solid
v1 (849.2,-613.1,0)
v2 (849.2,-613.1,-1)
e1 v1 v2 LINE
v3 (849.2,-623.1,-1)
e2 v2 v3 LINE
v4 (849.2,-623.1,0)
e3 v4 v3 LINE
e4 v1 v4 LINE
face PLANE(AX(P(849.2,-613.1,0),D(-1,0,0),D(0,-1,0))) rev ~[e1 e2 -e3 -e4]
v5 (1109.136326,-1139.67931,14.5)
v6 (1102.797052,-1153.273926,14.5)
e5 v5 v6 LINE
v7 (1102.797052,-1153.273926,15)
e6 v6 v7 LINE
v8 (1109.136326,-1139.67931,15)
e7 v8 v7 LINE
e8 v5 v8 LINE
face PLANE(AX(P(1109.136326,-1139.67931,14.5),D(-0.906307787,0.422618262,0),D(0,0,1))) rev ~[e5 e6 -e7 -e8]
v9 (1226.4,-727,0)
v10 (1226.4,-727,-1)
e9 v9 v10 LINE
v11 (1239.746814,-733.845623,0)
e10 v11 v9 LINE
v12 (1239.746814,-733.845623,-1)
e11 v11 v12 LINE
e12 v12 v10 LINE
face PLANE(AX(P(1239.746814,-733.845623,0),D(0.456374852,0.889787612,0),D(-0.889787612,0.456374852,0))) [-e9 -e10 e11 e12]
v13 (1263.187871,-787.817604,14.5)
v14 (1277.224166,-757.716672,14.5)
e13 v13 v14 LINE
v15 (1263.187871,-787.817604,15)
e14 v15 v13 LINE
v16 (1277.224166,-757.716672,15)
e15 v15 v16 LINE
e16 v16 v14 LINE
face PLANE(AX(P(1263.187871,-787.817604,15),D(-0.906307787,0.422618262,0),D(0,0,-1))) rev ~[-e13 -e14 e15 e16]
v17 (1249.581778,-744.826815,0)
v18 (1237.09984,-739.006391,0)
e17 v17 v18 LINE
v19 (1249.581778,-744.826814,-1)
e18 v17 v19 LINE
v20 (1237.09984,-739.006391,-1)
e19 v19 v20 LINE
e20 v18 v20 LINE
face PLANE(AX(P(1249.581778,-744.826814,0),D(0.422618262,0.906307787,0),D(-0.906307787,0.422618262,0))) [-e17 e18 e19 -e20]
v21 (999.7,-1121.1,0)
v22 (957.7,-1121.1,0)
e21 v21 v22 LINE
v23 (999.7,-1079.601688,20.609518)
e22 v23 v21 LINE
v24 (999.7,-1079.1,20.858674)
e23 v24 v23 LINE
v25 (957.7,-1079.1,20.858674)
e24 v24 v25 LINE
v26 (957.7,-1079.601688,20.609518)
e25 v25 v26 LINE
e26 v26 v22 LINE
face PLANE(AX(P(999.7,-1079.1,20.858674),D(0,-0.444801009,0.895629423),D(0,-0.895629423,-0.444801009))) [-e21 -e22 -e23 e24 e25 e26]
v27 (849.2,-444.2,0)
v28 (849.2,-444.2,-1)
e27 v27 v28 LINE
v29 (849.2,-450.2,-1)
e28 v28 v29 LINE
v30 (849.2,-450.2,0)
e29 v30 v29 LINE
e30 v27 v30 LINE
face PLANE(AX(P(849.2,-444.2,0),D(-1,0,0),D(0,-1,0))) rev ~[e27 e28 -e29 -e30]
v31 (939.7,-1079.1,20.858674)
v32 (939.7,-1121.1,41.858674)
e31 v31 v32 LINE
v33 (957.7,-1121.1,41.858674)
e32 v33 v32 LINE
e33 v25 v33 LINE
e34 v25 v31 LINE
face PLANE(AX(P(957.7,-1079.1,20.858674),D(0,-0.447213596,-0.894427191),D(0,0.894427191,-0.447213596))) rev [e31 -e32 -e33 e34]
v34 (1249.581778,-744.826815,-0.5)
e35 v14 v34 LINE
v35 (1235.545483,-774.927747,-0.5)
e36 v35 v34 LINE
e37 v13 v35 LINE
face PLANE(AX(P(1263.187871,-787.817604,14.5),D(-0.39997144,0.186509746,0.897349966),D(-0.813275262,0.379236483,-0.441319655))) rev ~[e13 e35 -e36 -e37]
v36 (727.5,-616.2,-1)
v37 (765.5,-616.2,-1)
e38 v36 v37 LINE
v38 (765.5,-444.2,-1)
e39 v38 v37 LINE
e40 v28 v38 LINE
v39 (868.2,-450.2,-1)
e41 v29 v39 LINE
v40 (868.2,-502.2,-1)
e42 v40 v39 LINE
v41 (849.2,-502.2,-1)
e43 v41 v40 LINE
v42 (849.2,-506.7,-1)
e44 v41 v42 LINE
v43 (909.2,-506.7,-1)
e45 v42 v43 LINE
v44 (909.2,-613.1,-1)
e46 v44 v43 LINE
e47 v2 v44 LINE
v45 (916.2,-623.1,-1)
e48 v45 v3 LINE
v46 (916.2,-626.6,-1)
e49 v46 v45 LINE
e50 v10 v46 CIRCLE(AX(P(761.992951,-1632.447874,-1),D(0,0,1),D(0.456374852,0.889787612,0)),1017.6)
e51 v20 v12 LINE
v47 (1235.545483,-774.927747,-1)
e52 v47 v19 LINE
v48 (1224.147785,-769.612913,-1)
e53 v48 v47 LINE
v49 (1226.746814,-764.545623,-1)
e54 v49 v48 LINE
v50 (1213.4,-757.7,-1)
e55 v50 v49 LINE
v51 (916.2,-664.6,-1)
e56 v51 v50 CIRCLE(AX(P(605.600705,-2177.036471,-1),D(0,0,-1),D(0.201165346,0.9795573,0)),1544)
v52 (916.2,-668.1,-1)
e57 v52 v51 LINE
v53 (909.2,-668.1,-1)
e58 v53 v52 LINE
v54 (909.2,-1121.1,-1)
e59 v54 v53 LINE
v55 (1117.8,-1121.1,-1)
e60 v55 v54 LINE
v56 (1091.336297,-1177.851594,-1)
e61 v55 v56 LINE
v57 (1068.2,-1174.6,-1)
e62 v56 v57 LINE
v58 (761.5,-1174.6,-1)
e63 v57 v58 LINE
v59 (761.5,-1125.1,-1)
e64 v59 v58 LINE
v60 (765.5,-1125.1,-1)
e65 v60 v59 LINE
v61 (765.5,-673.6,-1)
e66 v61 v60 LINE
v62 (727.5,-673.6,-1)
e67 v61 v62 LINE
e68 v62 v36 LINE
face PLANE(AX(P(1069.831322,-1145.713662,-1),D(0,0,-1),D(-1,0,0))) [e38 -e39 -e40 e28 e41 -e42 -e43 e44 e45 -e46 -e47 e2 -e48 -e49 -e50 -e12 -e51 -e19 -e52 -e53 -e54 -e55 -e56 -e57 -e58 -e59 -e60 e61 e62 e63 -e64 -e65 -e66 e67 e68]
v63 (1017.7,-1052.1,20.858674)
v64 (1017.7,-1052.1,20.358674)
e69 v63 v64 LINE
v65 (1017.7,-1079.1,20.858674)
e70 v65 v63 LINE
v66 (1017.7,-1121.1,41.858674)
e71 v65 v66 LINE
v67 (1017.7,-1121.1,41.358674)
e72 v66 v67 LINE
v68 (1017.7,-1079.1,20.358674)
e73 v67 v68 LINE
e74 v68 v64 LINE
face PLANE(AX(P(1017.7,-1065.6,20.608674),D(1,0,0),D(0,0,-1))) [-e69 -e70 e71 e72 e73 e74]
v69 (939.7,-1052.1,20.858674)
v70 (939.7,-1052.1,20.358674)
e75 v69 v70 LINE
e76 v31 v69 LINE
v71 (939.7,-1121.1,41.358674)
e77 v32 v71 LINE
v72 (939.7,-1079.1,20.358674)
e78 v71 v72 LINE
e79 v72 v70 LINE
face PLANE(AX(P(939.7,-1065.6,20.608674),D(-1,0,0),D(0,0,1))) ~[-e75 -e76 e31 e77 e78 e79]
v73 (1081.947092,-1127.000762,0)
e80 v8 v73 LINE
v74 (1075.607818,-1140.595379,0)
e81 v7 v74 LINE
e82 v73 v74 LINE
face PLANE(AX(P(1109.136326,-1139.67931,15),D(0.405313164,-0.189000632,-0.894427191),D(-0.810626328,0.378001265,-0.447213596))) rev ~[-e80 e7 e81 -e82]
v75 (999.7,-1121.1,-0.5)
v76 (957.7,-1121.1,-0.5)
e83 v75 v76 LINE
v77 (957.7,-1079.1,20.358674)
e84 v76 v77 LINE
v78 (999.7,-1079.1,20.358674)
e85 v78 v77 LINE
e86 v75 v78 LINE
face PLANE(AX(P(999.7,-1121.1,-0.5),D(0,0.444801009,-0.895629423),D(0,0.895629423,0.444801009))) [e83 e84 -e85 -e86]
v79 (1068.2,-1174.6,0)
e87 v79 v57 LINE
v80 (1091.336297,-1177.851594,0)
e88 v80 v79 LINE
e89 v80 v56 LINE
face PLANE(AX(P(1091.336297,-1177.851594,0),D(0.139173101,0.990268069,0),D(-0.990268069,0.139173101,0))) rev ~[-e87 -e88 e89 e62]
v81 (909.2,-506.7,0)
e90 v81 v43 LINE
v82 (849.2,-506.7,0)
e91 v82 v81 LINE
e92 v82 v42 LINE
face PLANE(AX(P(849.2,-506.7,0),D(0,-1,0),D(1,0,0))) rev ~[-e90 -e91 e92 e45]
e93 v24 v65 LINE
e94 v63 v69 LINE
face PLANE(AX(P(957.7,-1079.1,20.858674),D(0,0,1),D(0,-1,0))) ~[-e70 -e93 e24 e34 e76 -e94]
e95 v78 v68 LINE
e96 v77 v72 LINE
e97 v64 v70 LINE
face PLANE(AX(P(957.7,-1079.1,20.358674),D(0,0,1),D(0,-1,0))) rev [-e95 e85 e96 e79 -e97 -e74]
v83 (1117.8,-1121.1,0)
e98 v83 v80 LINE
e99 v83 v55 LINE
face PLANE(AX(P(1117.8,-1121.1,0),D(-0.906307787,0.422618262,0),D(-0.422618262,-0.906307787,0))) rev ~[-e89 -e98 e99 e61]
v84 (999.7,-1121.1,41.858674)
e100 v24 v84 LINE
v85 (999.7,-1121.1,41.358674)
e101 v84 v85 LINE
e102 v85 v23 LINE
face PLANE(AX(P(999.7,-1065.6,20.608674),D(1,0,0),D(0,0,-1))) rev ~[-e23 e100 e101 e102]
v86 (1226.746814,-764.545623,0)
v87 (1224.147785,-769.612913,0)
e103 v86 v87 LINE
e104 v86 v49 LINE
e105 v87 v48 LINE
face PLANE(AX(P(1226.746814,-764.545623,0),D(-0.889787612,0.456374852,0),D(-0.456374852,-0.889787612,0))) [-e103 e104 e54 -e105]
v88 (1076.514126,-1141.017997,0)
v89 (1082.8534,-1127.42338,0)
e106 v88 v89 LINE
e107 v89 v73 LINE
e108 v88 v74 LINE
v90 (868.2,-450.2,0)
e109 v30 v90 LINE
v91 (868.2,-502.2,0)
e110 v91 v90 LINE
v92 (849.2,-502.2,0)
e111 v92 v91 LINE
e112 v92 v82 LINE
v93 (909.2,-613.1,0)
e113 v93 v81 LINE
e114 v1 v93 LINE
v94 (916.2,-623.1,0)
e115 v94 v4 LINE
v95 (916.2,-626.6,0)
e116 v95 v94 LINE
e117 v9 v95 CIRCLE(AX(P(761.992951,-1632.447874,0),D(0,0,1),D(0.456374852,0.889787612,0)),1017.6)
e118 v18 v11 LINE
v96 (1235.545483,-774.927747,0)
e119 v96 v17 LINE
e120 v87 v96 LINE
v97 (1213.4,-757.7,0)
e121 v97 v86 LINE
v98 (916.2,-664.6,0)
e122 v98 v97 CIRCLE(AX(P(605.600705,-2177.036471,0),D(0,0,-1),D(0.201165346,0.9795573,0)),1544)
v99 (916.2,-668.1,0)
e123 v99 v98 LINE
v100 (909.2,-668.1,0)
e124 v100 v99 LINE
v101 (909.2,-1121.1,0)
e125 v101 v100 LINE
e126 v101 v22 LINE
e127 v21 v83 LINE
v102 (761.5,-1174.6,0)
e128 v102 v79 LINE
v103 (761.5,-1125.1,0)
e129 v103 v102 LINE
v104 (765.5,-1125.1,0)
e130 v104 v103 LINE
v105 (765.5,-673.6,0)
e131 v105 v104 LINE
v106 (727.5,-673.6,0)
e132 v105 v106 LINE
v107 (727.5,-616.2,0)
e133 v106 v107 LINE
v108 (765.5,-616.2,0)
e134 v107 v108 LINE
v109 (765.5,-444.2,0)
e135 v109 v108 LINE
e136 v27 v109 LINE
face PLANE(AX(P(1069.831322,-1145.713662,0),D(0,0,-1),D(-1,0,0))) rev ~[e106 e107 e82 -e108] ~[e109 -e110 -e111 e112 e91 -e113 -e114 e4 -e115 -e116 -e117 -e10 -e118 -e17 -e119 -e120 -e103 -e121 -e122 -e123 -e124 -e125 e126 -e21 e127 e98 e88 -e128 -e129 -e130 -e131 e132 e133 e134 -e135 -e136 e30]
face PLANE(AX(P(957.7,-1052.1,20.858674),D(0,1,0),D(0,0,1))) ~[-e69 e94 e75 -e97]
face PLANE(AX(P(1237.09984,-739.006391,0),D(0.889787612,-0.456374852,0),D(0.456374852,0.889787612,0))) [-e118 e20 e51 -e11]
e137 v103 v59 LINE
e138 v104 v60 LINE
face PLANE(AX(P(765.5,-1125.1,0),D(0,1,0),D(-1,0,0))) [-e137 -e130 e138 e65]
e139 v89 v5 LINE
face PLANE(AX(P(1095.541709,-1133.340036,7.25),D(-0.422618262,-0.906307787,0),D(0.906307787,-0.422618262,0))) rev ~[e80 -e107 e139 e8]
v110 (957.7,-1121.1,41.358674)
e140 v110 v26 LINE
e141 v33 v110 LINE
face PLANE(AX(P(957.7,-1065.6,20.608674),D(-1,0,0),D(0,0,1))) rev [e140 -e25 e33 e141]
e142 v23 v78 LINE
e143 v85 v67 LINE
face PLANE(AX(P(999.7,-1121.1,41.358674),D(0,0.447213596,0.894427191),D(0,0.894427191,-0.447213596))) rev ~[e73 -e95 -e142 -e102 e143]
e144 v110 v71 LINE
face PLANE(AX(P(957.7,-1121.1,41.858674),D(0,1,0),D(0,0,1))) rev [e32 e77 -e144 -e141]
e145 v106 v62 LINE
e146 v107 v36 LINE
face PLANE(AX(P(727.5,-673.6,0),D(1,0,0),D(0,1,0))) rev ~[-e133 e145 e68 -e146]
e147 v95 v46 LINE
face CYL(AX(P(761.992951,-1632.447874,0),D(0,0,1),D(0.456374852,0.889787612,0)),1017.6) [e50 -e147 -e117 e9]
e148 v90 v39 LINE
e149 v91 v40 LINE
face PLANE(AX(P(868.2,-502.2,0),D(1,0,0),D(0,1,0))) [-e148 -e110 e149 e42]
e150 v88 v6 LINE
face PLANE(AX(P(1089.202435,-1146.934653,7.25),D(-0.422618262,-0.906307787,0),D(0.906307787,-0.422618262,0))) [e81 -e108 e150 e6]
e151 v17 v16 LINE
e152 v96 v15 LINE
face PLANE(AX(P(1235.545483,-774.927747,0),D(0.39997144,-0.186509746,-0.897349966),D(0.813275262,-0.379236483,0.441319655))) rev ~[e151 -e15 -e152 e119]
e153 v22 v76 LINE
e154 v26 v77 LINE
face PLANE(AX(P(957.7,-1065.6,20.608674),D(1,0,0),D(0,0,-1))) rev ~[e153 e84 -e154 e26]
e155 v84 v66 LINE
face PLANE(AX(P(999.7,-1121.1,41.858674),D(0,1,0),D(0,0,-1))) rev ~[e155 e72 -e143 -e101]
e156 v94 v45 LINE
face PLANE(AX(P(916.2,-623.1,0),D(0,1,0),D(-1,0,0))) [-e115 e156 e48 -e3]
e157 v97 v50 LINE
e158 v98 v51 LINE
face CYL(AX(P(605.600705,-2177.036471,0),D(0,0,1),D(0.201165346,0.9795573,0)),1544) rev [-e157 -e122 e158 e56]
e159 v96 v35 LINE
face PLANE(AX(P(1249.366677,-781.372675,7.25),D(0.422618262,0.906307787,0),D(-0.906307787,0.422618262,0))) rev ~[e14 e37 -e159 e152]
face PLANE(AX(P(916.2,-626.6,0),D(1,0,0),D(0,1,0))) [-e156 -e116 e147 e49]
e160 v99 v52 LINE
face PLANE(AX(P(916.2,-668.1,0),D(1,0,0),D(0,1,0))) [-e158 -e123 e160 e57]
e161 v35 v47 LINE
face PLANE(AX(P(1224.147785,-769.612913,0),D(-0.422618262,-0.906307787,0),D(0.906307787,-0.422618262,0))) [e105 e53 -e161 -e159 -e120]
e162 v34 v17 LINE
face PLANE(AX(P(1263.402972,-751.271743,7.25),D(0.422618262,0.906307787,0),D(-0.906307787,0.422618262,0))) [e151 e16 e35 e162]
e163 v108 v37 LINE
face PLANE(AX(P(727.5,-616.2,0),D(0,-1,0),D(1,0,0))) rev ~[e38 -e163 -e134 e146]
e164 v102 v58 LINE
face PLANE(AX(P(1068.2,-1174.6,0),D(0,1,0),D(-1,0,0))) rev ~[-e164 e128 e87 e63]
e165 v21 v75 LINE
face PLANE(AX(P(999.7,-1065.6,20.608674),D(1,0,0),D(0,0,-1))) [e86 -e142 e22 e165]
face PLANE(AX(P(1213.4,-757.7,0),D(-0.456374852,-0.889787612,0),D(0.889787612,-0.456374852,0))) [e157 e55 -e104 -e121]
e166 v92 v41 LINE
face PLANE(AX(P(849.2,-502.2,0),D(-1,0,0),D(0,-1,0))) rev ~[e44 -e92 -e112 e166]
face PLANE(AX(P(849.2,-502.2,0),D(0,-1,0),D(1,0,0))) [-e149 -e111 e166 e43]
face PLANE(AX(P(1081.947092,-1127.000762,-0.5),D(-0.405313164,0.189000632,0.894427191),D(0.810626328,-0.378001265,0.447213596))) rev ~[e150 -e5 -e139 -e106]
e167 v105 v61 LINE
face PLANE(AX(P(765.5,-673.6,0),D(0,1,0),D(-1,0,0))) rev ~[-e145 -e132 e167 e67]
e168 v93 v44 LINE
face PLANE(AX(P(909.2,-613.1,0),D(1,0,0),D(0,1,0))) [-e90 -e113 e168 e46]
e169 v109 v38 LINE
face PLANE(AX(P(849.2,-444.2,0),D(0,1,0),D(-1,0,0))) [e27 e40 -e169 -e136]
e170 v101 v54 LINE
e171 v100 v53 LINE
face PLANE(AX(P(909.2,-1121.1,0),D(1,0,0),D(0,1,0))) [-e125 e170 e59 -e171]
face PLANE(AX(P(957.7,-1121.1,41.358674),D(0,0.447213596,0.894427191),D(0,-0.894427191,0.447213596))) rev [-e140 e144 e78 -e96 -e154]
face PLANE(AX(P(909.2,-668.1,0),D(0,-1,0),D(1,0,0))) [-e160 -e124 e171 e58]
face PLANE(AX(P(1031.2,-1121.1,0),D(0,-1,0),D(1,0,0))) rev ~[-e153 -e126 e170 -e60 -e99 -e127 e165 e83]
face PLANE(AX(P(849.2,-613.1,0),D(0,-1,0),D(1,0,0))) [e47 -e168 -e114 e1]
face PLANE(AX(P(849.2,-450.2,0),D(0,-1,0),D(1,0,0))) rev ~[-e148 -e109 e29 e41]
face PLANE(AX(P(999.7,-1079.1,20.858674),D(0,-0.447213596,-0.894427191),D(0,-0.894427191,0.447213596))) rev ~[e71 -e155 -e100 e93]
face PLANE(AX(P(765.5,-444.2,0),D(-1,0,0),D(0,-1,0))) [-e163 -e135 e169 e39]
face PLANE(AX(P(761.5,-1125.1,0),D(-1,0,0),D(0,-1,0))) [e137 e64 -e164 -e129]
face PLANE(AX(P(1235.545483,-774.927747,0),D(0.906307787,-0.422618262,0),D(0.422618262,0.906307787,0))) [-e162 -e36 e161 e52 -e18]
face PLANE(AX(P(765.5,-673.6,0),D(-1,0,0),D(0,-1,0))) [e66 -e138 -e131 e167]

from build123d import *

# Parameters (mm, degrees)
SKETCH_1_W      = 19
SKETCH_1_H      = 52
SKETCH_1_W_2    = 60
SKETCH_1_H_2    = 60
SKETCH_1_H_3    = 106.4
SKETCH_1_H_4    = 111
SKETCH_1_H_5    = 111.3
SKETCH_1_H_6    = 112
SKETCH_1_H_7    = 113
SKETCH_1_H_8    = 116.5
SKETCH_1_H_9    = 131.6
EXTRUDE_1_DEPTH = 1
EXTRUDE_2_DEPTH = 1
EXTRUDE_3_DEPTH = 33.212704
SKETCH_4_W      = 0.5
SKETCH_4_H      = 27
EXTRUDE_4_DEPTH = 42
SKETCH_5_W      = 0.5
SKETCH_5_H      = 27
EXTRUDE_5_DEPTH = 18
EXTRUDE_6_DEPTH = 1
EXTRUDE_7_DEPTH = 15


with BuildPart() as part:
    # 草图1 → 拉伸1 (new body)
    with BuildSketch(Plane.XY):
        with Locations((858.7, -476.2)):
            Rectangle(SKETCH_1_W, SKETCH_1_H)
        Polygon((825.5, -1174.6), (825.5, -1125.1), (765.5, -1125.1), (761.5, -1125.1), (761.5, -1174.6), (765.5, -1174.6), align=None)
        Polygon((849.2, -1121.1), (909.2, -1121.1), (909.2, -1091.6), (909.2, -1064), (849.2, -1064), align=None)
        with Locations((795.5, -474.2)):
            Rectangle(SKETCH_1_W_2, SKETCH_1_H_2)
        with Locations((879.2, -559.9)):
            Rectangle(SKETCH_1_W_2, SKETCH_1_H_3)
        Polygon((909.2, -953.1), (849.2, -953.1), (849.2, -1050.1), (849.2, -1064), (909.2, -1064), align=None)
        with Locations((795.5, -953.1)):
            Rectangle(SKETCH_1_W_2, SKETCH_1_H_4)
        with Locations((795.5, -842.1)):
            Rectangle(SKETCH_1_W_2, SKETCH_1_H_4)
        with Locations((879.2, -897.45)):
            Rectangle(SKETCH_1_W_2, SKETCH_1_H_5)
        with Locations((795.5, -560.2)):
            Rectangle(SKETCH_1_W_2, SKETCH_1_H_6)
        with Locations((795.5, -730.1)):
            Rectangle(SKETCH_1_W_2, SKETCH_1_H_7)
        with Locations((795.5, -1066.85)):
            Rectangle(SKETCH_1_W_2, SKETCH_1_H_8)
        with Locations((879.2, -776)):
            Rectangle(SKETCH_1_W_2, SKETCH_1_H_9)
        Polygon((849.2, -1121.1), (909.2, -1121.1), (1031.2, -1121.1), (1031.2, -1174.6), (849.2, -1174.6), align=None)
        with BuildLine():
            Line((1213.4, -757.7), (1226.4, -727))
            ThreePointArc((1226.4, -727), (1075.34720829, -664.295577574), (916.2, -626.6))
            Line((916.2, -626.6), (916.2, -623.1))
            Line((916.2, -623.1), (849.2, -623.1))
            Line((849.2, -623.1), (849.2, -668.1))
            Line((849.2, -668.1), (849.2, -681.1))
            Line((849.2, -681.1), (849.2, -710.2))
            Line((849.2, -710.2), (909.2, -710.2))
            Line((909.2, -710.2), (909.2, -668.1))
            Line((909.2, -668.1), (916.2, -668.1))
            Line((916.2, -668.1), (916.2, -664.6))
            ThreePointArc((916.2, -664.6), (1067.153405165, -703.637303814), (1213.4, -757.7))
        make_face()
        Polygon((765.5, -616.2), (825.5, -616.2), (825.5, -504.2), (825.5, -444.2), (849.2, -444.2), (849.2, -450.2), (849.2, -502.2), (849.2, -506.7), (849.2, -613.1), (849.2, -623.1), (849.2, -668.1), (849.2, -681.1), (849.2, -710.2), (849.2, -841.8), (849.2, -953.1), (849.2, -1050.1), (849.2, -1064), (849.2, -1121.1), (849.2, -1174.6), (825.5, -1174.6), (825.5, -1125.1), (825.5, -1008.6), (825.5, -897.6), (825.5, -786.6), (825.5, -673.6), (765.5, -673.6), (727.5, -673.6), (727.5, -616.2), align=None)
    extrude(amount=-EXTRUDE_1_DEPTH)

    # 草图2 → 拉伸2 (add)
    with BuildSketch(Plane.XY):
        Polygon((1237.099840045, -739.006390924), (1239.746814184, -733.845622773), (1226.4, -727), (1213.4, -757.7), (1226.746814184, -764.545622773), (1224.14778512, -769.612913087), (1235.545483088, -774.927746934), (1249.581778451, -744.826814391), align=None)
    extrude(amount=-EXTRUDE_2_DEPTH)

    # 草图3 → 拉伸3 (add)
    with BuildSketch(Plane(origin=(-76.138469502, -163.279474765, 0), x_dir=(0.9063077870373919, -0.42261826173910827, 0), z_dir=(-0.42261826173910827, -0.9063077870373919, 0))):
        Polygon((1447.283109945, 0), (1477.783109945, 15), (1477.783109945, 14.5), (1447.283109945, -0.5), align=None)
    extrude(amount=-EXTRUDE_3_DEPTH)

    # 草图4 → 拉伸4 (add)
    with BuildSketch(Plane(origin=(999.7, -1174.6, 0), x_dir=(0, 0, -1), z_dir=(1, 0, 0))):
        with Locations((-20.608674231, 109)):
            Rectangle(SKETCH_4_W, SKETCH_4_H)
        Polygon((-20.858674231, 95.5), (0, 53.5), (0.5, 53.5), (-20.358674231, 95.5), align=None)
    extrude(amount=-EXTRUDE_4_DEPTH)

    # 草图5 → 拉伸5 (add)
    with BuildSketch(Plane(origin=(999.7, -1174.6, 0), x_dir=(0, 0, -1), z_dir=(1, 0, 0))):
        with Locations((-20.608674231, 109)):
            Rectangle(SKETCH_5_W, SKETCH_5_H)
        Polygon((-41.858674231, 53.5), (-41.358674231, 53.5), (-20.358674231, 95.5), (-20.858674231, 95.5), align=None)
    extrude_5 = extrude(amount=EXTRUDE_5_DEPTH)

    # 镜像1: 拉伸5 across plane
    add(extrude_5.mirror(Plane(origin=(978.7, -1174.6, 0), x_dir=(0, 0, 1), z_dir=(-1, 0, 0))))

    # 草图6 → 拉伸6 (add)
    with BuildSketch(Plane.XY):
        Polygon((1031.2, -1121.1), (1117.8, -1121.1), (1091.336296883, -1177.851594476), (1068.2, -1174.6), (1031.2, -1174.6), align=None)
    extrude(amount=-EXTRUDE_6_DEPTH)

    # 草图7 → 拉伸7 (add)
    with BuildSketch(Plane(origin=(1109.136325634, -1139.679309634, 0), x_dir=(0.9063077870366769, -0.422618261740642, 0), z_dir=(-0.422618261740642, -0.9063077870366769, 0))):
        Polygon((-30, -0.5), (0, 14.5), (0, 15), (-30, 0), align=None)
    extrude(amount=EXTRUDE_7_DEPTH)


solid = part.part
